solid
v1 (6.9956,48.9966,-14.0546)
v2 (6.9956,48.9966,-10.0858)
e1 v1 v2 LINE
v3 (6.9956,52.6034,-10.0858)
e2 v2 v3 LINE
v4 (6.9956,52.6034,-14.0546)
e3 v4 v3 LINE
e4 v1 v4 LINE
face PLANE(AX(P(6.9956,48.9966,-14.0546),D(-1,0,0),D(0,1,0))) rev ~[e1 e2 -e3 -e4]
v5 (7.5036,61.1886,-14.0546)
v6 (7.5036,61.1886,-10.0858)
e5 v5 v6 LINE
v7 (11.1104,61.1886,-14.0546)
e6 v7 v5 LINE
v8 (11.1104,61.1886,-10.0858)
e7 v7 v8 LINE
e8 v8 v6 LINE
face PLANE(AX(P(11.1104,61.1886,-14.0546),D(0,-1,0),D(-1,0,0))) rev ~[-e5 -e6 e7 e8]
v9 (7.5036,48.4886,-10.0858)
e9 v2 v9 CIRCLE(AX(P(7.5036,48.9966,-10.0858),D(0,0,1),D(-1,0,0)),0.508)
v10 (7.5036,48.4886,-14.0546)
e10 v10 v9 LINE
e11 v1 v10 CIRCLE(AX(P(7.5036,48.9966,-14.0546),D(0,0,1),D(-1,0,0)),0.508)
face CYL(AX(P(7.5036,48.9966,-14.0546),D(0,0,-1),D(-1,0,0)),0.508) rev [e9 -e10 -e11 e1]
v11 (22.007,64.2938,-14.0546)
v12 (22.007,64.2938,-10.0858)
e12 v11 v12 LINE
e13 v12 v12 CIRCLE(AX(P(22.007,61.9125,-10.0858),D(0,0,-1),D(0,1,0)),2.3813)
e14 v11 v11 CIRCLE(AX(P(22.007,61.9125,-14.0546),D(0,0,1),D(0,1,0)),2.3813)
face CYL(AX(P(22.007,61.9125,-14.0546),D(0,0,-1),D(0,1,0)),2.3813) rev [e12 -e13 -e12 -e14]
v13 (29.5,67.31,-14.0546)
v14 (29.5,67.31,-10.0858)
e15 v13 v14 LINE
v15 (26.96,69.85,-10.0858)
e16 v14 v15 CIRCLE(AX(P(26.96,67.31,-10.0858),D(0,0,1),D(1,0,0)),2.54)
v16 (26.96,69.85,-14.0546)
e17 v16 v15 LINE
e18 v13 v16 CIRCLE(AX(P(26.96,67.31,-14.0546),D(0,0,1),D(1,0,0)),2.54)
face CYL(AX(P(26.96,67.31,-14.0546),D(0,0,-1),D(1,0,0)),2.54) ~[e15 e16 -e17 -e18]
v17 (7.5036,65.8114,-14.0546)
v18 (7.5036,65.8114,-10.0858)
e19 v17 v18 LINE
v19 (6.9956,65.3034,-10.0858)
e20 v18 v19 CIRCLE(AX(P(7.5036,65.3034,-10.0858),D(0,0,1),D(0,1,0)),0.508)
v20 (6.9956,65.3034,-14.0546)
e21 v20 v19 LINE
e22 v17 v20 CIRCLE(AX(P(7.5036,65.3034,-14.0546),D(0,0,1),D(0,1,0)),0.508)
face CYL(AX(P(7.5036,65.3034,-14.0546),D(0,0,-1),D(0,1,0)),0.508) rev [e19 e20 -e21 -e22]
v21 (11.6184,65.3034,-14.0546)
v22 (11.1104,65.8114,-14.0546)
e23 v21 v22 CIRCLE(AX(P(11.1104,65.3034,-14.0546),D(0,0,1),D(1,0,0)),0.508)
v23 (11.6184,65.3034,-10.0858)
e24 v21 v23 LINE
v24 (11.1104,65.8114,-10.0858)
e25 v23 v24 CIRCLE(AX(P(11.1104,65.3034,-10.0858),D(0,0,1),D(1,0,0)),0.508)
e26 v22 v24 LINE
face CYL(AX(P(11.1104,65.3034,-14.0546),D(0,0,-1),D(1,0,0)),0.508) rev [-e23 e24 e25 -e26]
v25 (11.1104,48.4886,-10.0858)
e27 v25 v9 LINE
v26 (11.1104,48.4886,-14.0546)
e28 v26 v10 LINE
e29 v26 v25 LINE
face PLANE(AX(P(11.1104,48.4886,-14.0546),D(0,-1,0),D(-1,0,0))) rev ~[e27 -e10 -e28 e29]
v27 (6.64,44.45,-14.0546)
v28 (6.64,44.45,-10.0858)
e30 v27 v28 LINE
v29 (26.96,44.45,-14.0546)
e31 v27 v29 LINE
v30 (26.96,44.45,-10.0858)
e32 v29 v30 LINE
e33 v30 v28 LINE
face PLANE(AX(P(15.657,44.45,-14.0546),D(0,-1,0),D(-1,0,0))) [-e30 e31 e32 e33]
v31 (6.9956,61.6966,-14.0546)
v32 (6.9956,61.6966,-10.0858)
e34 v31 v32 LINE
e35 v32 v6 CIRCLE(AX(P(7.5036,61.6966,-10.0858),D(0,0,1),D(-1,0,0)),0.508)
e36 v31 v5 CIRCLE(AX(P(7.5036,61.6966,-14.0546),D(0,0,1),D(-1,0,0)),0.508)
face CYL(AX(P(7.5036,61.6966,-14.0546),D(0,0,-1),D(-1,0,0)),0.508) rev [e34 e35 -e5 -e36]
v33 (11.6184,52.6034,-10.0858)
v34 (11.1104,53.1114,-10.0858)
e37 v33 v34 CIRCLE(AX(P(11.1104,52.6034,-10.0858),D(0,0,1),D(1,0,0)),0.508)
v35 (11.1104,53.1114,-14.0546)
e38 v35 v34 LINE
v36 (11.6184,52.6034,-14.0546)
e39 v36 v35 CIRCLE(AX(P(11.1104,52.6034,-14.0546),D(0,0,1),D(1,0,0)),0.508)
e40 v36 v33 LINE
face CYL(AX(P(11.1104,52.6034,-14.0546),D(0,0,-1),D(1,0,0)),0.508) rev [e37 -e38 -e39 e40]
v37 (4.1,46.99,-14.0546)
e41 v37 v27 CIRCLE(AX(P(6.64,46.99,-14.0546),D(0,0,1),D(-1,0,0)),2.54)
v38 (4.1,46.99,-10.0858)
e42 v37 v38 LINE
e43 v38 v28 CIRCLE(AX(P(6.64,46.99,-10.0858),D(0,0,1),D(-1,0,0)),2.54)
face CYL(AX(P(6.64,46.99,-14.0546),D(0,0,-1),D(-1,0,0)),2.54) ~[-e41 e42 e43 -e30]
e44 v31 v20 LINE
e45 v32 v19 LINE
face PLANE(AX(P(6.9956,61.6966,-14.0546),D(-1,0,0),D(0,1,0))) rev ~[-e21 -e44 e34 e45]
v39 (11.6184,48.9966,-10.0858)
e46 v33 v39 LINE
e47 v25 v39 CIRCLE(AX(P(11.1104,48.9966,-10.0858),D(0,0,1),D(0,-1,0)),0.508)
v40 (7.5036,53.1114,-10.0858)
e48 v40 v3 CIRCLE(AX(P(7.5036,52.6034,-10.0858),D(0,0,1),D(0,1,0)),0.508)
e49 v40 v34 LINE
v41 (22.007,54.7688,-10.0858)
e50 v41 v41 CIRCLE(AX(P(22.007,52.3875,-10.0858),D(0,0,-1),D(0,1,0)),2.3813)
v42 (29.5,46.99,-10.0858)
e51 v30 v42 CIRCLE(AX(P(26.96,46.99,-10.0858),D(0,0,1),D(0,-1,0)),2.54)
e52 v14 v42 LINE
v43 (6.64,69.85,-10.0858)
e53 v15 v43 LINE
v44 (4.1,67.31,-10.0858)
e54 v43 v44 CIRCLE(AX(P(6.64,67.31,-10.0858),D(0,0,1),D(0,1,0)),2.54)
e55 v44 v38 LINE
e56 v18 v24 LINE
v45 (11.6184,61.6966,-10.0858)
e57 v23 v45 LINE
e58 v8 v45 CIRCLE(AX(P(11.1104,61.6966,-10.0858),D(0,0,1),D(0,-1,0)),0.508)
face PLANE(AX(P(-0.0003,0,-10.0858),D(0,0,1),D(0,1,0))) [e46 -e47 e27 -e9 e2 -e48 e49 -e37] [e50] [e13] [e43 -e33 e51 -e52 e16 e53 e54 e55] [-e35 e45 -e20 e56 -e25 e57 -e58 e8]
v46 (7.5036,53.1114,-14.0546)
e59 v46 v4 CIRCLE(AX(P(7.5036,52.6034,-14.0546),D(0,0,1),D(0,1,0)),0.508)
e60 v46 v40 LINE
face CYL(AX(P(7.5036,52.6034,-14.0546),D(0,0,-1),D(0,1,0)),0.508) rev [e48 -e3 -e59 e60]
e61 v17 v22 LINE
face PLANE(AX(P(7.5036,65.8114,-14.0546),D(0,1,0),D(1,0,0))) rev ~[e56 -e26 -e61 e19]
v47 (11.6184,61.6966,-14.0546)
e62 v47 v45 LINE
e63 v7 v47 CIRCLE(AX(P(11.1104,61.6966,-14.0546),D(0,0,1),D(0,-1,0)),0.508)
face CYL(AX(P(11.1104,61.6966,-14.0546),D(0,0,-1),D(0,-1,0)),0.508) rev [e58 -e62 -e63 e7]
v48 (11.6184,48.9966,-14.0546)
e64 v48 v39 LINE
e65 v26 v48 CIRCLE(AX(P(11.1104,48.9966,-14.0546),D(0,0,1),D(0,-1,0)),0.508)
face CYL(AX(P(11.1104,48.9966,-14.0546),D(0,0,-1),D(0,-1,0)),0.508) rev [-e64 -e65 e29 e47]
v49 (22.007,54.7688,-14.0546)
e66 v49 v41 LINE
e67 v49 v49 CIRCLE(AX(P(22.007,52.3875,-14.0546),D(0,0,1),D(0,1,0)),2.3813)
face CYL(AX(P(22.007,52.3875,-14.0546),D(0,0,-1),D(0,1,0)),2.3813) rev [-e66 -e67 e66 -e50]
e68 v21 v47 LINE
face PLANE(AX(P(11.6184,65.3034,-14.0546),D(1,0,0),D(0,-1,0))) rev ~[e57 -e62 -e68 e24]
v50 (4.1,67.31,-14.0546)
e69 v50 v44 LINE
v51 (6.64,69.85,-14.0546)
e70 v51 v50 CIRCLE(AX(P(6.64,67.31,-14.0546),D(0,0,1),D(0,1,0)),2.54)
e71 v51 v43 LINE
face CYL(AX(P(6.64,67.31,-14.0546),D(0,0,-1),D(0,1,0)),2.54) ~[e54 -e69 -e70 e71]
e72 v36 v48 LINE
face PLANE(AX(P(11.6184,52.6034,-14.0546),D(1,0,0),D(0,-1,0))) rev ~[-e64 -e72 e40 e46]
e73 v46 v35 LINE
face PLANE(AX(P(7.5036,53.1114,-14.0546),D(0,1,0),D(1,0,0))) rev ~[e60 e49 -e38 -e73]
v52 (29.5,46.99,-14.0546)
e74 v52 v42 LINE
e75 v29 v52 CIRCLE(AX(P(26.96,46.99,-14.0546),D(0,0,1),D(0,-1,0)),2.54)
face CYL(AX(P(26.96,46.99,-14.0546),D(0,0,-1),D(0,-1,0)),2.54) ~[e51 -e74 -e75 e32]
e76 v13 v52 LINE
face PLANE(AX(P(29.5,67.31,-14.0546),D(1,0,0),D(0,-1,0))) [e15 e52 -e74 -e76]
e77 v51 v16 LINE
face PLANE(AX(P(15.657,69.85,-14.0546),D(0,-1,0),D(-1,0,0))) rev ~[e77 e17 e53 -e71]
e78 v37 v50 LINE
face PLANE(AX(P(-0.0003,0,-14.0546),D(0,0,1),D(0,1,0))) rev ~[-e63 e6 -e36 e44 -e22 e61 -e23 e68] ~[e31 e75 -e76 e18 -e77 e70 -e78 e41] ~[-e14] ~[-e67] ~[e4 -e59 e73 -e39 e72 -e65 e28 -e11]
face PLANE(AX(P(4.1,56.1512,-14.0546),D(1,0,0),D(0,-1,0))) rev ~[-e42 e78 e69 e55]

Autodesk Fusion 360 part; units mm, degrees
sketch "Sketch1" plane through (-0.0003, 0, -14.0546) normal (0, 0, 1) x (0, 1, 0)
  arc A0 (15.0114, -7.5039) -> (14.5034, -6.9959) centre (14.5034, -7.5039) ccw
  line L0 (15.0114, -7.5039) -> (15.0114, -11.1107)
  arc A1 (14.5034, -11.6187) -> (15.0114, -11.1107) centre (14.5034, -11.1107) ccw
  line L1 (14.5034, -11.6187) -> (10.8966, -11.6187)
  arc A2 (10.3886, -11.1107) -> (10.8966, -11.6187) centre (10.8966, -11.1107) ccw
  line L2 (10.3886, -11.1107) -> (10.3886, -7.5039)
  arc A3 (10.8966, -6.9959) -> (10.3886, -7.5039) centre (10.8966, -7.5039) ccw
  line L3 (10.8966, -6.9959) -> (14.5034, -6.9959)
  arc A4 (27.7114, -7.5039) -> (27.2034, -6.9959) centre (27.2034, -7.5039) ccw
  line L4 (27.7114, -7.5039) -> (27.7114, -11.1107)
  arc A5 (27.2034, -11.6187) -> (27.7114, -11.1107) centre (27.2034, -11.1107) ccw
  line L5 (27.2034, -11.6187) -> (23.5966, -11.6187)
  arc A6 (23.0886, -11.1107) -> (23.5966, -11.6187) centre (23.5966, -11.1107) ccw
  line L6 (23.0886, -11.1107) -> (23.0886, -7.5039)
  arc A7 (23.5966, -6.9959) -> (23.0886, -7.5039) centre (23.5966, -7.5039) ccw
  line L7 (23.5966, -6.9959) -> (27.2034, -6.9959)
  arc A8 (40.4114, -7.5039) -> (39.9034, -6.9959) centre (39.9034, -7.5039) ccw
  line L8 (40.4114, -7.5039) -> (40.4114, -11.1107)
  arc A9 (39.9034, -11.6187) -> (40.4114, -11.1107) centre (39.9034, -11.1107) ccw
  line L9 (39.9034, -11.6187) -> (36.2966, -11.6187)
  arc A10 (35.7886, -11.1107) -> (36.2966, -11.6187) centre (36.2966, -11.1107) ccw
  line L10 (35.7886, -11.1107) -> (35.7886, -7.5039)
  arc A11 (36.2966, -6.9959) -> (35.7886, -7.5039) centre (36.2966, -7.5039) ccw
  line L11 (36.2966, -6.9959) -> (39.9034, -6.9959)
  arc A12 (53.1114, -7.5039) -> (52.6034, -6.9959) centre (52.6034, -7.5039) ccw
  line L12 (53.1114, -7.5039) -> (53.1114, -11.1107)
  arc A13 (52.6034, -11.6187) -> (53.1114, -11.1107) centre (52.6034, -11.1107) ccw
  line L13 (52.6034, -11.6187) -> (48.9966, -11.6187)
  arc A14 (48.4886, -11.1107) -> (48.9966, -11.6187) centre (48.9966, -11.1107) ccw
  line L14 (48.4886, -11.1107) -> (48.4886, -7.5039)
  arc A15 (48.9966, -6.9959) -> (48.4886, -7.5039) centre (48.9966, -7.5039) ccw
  line L15 (48.9966, -6.9959) -> (52.6034, -6.9959)
  arc A16 (65.8114, -7.5039) -> (65.3034, -6.9959) centre (65.3034, -7.5039) ccw
  line L16 (65.8114, -7.5039) -> (65.8114, -11.1107)
  arc A17 (65.3034, -11.6187) -> (65.8114, -11.1107) centre (65.3034, -11.1107) ccw
  line L17 (65.3034, -11.6187) -> (61.6966, -11.6187)
  arc A18 (61.1886, -11.1107) -> (61.6966, -11.6187) centre (61.6966, -11.1107) ccw
  line L18 (61.1886, -11.1107) -> (61.1886, -7.5039)
  arc A19 (61.6966, -6.9959) -> (61.1886, -7.5039) centre (61.6966, -7.5039) ccw
  line L19 (61.6966, -6.9959) -> (65.3034, -6.9959)
  arc A20 (2.3114, -7.5039) -> (1.8034, -6.9959) centre (1.8034, -7.5039) ccw
  line L20 (2.3114, -7.5039) -> (2.3114, -11.1107)
  arc A21 (1.8034, -11.6187) -> (2.3114, -11.1107) centre (1.8034, -11.1107) ccw
  line L21 (1.8034, -11.6187) -> (-1.8034, -11.6187)
  arc A22 (-2.3114, -11.1107) -> (-1.8034, -11.6187) centre (-1.8034, -11.1107) ccw
  line L22 (-2.3114, -11.1107) -> (-2.3114, -7.5039)
  arc A23 (-1.8034, -6.9959) -> (-2.3114, -7.5039) centre (-1.8034, -7.5039) ccw
  line L23 (-1.8034, -6.9959) -> (1.8034, -6.9959)
  line L24 (69.85, -15.6573) -> (69.85, -4.1003)
  line L25 (69.85, -4.1003) -> (58.1488, -4.1003)
  line L26 (58.1488, -4.1003) -> (57.15, -5.0991)
  line L27 (57.15, -5.0991) -> (56.1512, -4.1003)
  line L28 (56.1512, -4.1003) -> (-6.35, -4.1003)
  line L29 (-6.35, -4.1003) -> (-6.35, -13.1692)
  arc A24 (-6.35, -13.1692) -> (-6.2036, -13.5228) centre (-5.85, -13.1692) ccw
  line L30 (-6.2036, -13.5228) -> (-4.2155, -15.5109)
  arc A25 (-4.2155, -15.5109) -> (-3.8619, -15.6573) centre (-3.8619, -15.1573) ccw
  line L31 (-3.8619, -15.6573) -> (54.6619, -15.6573)
  arc A26 (54.6619, -15.6573) -> (55.0155, -15.5109) centre (54.6619, -15.1573) ccw
  line L32 (55.0155, -15.5109) -> (56.7964, -13.7299)
  arc A27 (57.5036, -13.7299) -> (56.7964, -13.7299) centre (57.15, -14.0834) ccw
  line L33 (57.5036, -13.7299) -> (59.2845, -15.5109)
  arc A28 (59.2845, -15.5109) -> (59.6381, -15.6573) centre (59.6381, -15.1573) ccw
  line L34 (59.6381, -15.6573) -> (69.85, -15.6573)
  line L35 (69.85, -6.6403) -> (69.85, -26.9603)
  line L36 (67.31, -29.5003) -> (46.99, -29.5003)
  line L37 (44.45, -26.9603) -> (44.45, -6.6403)
  line L38 (46.99, -4.1003) -> (67.31, -4.1003)
  arc A29 (46.99, -4.1003) -> (44.45, -6.6403) centre (46.99, -6.6403) ccw
  arc A30 (69.85, -6.6403) -> (67.31, -4.1003) centre (67.31, -6.6403) ccw
  arc A31 (67.31, -29.5003) -> (69.85, -26.9603) centre (67.31, -26.9603) ccw
  arc A32 (44.45, -26.9603) -> (46.99, -29.5003) centre (46.99, -26.9603) ccw
  line L39 (69.85, -15.6573) -> (69.85, -22.0073)
  line L40 (69.85, -22.0073) -> (44.45, -22.0073)
  line L41 (69.85, -22.0073) -> (61.9125, -22.0073)
  circle A33 centre (61.9125, -22.0073) radius 2.3813
  line L42 (61.9125, -22.0073) -> (52.3875, -22.0073)
  circle A34 centre (52.3875, -22.0073) radius 2.3813
  point P0 (69.85, -4.1003)
  point P1 (69.85, -29.5003)
  point P2 (44.45, -29.5003)
  point P3 (44.45, -4.1003)
  dimension "d1" = 25.4
  dimension "d2" = 25.4
  dimension "d3" = 25.4
  dimension "d4" = 2.54
  dimension "d5" = 6.35
  dimension "d6" = 7.9375
  dimension "d7" = 4.7625
  dimension "d8" = 9.525
  dimension "d9" = 4.7625
extrude "Extrude1" add sketch "Sketch1" along normal blind 3.9688 contours L24 L25 L26 L27 L28 L31 A26 L32 A27 L33 A28 L34 L35 L37 L38 A29 A30 | L31 A26 L32 A27 L33 A28 L34 L35 L37 L39 L40 L41 A33 L42 A34 | L35 L36 L37 A31 A32 L40 L41 A33 L42 A34 | L26 L27 L38
equation "d5 = ( 1 / 4 ) * 1 in"
equation "d6 = ( 5 / 16 ) * 1 in"
equation "d7 = ( 3 / 16 ) * 1 in"
equation "d8 = ( 3 / 8 ) * 1 in"
equation "d9 = ( 3 / 16 ) * 1 in"
equation "d10 = ( 5 / 32 ) * 1 in"
